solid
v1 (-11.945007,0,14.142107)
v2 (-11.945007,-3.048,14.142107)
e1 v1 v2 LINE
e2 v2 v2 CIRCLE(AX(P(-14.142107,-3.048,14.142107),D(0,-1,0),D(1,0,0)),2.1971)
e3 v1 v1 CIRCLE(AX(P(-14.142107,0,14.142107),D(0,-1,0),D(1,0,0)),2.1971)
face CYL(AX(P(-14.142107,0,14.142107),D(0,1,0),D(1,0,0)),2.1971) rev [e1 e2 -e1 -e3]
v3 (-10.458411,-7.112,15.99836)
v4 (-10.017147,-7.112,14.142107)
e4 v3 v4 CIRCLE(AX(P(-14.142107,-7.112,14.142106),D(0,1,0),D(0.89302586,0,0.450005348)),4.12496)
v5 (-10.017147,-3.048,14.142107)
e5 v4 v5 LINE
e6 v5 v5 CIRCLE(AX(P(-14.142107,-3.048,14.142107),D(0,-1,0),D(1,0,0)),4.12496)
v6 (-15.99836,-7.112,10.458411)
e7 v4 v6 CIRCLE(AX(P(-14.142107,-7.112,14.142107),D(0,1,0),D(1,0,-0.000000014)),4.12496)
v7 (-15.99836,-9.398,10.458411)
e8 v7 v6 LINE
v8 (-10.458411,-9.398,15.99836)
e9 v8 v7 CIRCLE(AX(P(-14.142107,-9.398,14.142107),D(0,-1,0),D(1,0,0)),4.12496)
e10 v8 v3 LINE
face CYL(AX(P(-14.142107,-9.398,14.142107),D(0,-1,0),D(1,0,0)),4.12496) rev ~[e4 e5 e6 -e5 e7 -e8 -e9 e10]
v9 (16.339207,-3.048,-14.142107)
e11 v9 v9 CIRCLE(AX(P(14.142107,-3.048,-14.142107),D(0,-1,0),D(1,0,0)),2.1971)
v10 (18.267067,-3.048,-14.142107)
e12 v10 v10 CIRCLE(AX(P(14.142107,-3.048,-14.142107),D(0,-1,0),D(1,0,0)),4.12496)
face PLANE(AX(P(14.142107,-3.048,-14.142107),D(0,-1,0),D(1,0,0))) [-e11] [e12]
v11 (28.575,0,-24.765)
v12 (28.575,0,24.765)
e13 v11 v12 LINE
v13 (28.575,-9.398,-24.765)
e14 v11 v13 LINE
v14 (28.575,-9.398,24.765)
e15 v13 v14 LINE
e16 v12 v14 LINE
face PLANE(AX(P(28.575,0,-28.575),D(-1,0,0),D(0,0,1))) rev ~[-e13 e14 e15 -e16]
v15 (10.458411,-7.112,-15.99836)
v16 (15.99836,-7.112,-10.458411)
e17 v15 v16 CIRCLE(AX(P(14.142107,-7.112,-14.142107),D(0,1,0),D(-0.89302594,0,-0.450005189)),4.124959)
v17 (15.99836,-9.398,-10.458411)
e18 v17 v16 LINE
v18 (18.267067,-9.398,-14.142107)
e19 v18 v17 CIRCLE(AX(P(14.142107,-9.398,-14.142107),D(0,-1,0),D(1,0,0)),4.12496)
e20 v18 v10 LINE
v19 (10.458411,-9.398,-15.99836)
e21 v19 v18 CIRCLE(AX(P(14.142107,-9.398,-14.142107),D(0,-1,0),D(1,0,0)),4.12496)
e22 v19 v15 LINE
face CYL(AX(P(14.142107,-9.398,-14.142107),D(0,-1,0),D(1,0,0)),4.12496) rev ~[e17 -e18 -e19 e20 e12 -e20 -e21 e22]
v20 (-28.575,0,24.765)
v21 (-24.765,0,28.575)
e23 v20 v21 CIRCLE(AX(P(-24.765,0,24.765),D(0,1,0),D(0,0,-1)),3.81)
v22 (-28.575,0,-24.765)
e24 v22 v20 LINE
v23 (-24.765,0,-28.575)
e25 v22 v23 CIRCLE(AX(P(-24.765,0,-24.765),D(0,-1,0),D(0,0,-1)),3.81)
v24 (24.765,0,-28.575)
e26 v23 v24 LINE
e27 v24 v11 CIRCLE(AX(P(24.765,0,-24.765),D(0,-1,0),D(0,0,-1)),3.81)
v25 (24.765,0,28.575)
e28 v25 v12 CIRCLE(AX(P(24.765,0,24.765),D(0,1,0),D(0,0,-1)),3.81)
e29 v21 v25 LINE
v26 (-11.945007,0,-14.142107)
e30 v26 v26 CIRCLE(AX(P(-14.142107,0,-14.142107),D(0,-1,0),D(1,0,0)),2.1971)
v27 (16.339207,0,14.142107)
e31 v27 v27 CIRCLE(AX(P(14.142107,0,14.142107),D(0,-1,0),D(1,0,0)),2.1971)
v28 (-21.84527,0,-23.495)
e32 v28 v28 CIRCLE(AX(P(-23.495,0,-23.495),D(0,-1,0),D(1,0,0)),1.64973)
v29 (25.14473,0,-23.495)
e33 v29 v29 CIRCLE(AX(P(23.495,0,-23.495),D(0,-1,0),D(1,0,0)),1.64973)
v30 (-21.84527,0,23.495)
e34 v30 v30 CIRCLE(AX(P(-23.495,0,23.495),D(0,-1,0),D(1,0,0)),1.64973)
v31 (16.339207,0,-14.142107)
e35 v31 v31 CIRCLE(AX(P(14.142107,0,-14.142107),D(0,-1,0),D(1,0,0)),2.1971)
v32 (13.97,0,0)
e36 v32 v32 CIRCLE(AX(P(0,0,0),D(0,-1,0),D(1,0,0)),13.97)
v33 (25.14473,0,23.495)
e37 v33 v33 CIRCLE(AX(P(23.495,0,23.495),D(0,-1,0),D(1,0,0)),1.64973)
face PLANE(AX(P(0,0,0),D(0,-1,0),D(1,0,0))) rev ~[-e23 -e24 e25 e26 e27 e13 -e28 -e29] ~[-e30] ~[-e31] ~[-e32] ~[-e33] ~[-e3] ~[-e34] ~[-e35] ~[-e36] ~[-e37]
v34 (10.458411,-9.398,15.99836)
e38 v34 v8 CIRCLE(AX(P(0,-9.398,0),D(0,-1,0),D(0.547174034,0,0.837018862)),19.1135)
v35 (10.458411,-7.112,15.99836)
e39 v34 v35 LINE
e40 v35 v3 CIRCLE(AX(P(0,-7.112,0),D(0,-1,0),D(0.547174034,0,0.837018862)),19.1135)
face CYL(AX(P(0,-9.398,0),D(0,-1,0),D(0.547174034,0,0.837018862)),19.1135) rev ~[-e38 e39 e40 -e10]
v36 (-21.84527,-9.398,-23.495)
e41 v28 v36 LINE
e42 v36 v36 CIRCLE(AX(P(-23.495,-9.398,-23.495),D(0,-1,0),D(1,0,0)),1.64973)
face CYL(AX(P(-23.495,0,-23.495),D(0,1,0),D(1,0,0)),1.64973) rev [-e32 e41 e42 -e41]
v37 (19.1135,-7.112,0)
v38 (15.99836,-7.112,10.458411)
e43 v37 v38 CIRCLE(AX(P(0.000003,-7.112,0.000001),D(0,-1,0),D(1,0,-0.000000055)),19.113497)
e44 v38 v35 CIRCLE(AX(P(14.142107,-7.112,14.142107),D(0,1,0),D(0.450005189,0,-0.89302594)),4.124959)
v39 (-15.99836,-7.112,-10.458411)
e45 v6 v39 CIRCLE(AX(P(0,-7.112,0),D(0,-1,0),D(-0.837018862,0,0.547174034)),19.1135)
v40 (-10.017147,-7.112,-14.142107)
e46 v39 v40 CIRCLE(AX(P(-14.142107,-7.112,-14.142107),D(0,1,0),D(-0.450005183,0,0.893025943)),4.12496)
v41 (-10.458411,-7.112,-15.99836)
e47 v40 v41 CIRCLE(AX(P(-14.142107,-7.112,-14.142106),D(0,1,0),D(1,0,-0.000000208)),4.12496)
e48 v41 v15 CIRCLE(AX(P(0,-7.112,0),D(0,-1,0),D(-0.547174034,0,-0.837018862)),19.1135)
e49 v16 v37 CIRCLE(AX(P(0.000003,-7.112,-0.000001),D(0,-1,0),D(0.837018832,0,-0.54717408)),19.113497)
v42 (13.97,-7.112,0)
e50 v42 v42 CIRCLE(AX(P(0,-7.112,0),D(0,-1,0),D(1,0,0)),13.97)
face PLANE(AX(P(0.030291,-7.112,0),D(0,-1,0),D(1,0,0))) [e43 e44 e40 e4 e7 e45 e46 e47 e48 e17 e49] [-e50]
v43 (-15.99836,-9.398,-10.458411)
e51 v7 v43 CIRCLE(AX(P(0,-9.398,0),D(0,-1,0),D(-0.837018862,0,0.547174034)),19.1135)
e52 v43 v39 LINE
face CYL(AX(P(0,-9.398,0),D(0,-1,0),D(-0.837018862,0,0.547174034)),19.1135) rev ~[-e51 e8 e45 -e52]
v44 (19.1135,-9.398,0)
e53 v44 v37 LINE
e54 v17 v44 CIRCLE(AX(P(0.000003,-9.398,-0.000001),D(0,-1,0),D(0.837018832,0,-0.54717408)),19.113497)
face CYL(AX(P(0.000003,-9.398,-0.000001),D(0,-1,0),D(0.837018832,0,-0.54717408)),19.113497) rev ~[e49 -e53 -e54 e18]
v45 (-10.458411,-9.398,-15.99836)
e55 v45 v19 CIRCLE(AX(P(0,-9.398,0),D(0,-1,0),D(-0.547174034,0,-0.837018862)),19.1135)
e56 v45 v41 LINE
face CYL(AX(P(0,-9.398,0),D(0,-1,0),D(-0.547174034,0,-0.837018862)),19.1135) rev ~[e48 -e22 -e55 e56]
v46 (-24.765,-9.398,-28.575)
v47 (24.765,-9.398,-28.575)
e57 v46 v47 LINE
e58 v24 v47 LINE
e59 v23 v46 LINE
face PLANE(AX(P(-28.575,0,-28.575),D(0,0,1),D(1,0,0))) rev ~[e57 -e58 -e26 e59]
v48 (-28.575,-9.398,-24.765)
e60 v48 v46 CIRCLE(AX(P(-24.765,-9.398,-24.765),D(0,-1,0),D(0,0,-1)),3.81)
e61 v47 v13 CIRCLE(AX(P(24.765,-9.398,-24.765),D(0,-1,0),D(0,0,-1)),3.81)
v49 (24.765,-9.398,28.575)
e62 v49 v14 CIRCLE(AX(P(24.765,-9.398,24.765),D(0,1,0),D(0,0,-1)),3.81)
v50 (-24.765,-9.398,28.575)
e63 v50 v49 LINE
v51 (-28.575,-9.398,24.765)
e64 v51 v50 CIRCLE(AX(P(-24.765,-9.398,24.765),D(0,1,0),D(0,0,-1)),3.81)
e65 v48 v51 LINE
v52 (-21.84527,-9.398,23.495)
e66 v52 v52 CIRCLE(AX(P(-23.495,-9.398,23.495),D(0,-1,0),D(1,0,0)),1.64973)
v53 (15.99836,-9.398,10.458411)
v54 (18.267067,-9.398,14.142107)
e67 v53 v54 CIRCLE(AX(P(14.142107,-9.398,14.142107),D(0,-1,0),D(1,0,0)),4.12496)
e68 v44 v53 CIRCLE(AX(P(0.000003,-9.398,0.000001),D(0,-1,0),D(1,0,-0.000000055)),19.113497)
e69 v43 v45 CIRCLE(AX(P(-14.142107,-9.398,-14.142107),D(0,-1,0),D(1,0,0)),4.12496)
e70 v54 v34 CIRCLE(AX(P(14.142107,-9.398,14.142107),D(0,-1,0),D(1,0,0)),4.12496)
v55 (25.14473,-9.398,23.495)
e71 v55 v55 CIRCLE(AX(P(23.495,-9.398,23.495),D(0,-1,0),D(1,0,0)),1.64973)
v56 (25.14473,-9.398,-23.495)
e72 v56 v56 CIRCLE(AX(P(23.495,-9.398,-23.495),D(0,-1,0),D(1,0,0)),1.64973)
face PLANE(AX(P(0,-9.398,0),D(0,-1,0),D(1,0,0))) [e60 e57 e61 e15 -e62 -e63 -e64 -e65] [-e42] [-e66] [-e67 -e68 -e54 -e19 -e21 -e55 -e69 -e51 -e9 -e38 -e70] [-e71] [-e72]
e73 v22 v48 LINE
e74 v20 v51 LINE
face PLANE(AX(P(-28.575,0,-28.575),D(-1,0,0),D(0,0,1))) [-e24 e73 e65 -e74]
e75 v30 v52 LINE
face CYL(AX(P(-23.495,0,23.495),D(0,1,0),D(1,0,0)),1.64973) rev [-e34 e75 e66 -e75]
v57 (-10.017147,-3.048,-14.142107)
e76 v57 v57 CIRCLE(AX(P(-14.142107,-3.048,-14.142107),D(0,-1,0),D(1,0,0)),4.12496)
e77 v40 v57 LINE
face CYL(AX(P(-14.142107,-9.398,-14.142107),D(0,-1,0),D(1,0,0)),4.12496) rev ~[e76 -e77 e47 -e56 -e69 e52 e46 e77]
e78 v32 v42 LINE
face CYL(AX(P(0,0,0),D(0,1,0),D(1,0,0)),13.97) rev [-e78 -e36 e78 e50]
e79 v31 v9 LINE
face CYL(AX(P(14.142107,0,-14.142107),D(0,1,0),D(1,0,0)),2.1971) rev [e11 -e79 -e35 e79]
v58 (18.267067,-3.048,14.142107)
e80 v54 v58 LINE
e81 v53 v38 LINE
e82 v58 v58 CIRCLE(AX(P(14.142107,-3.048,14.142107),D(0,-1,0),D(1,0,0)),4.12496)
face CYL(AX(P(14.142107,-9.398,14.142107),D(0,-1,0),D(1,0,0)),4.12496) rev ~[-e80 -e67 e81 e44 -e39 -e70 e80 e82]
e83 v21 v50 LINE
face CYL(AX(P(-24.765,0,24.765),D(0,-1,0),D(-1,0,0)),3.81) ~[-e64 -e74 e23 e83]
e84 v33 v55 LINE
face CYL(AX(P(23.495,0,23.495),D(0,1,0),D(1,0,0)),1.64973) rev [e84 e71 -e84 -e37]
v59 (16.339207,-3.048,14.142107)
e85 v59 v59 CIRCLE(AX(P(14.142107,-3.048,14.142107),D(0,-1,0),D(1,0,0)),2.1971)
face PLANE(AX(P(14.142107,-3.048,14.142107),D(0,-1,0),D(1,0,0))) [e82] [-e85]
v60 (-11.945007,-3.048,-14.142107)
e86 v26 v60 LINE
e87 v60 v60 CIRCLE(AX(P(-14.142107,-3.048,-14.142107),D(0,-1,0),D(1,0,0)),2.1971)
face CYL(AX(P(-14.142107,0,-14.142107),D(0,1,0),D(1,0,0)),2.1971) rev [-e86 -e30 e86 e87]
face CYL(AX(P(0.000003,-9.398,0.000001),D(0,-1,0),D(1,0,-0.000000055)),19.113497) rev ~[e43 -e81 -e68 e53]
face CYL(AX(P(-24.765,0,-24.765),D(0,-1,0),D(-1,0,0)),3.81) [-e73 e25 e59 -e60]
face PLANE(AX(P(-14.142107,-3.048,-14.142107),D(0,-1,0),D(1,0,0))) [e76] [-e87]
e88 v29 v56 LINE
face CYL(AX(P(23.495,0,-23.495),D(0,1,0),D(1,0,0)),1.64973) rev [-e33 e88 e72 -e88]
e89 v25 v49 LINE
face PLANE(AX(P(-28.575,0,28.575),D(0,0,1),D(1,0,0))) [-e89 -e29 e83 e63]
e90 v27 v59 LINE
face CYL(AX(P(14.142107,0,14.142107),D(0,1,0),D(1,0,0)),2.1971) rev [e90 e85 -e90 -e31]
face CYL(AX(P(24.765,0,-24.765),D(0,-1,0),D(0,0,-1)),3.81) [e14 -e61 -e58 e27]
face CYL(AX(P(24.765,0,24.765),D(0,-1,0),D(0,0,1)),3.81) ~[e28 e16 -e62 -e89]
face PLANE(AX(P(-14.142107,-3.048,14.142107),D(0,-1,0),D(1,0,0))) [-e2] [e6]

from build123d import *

# Parameters (mm, degrees)
F0_W     = 57.15
F0_H     = 57.15
F0_R     = 1.64973
F0_R_2   = 2.1971
F0_R_3   = 13.97
F1_DEPTH = 9.398
F2_R     = 4.12496
F2_R_2   = 2.1971
F3_DEPTH = 6.35
F4_R     = 13.97
F5_DEPTH = 2.286
F6_R     = 3.81


with BuildPart() as f1:
    # F0 (on Front) → F1 (new body)
    with BuildSketch(Plane.XZ):
        Rectangle(F0_W, F0_H)
        with Locations((-23.495, -23.495)):
            Circle(F0_R, mode=Mode.SUBTRACT)
        with Locations((-14.142107, -14.142107)):
            Circle(F0_R_2, mode=Mode.SUBTRACT)
        with Locations((23.495, -23.495)):
            Circle(F0_R, mode=Mode.SUBTRACT)
        with Locations((14.142107, -14.142107)):
            Circle(F0_R_2, mode=Mode.SUBTRACT)
        with Locations((-14.142107, 14.142107)):
            Circle(F0_R_2, mode=Mode.SUBTRACT)
        with Locations((-23.495, 23.495)):
            Circle(F0_R, mode=Mode.SUBTRACT)
        Circle(F0_R_3, mode=Mode.SUBTRACT)
        with Locations((14.142107, 14.142107)):
            Circle(F0_R_2, mode=Mode.SUBTRACT)
        with Locations((23.495, 23.495)):
            Circle(F0_R, mode=Mode.SUBTRACT)
    extrude(amount=F1_DEPTH)

    # F2 (on face) → F3 (cut)
    with BuildSketch(Plane.XZ.offset(9.398)):
        with Locations((-14.142107, 14.142107)):
            Circle(F2_R)
        with Locations((-14.142107, 14.142107)):
            Circle(F2_R_2, mode=Mode.SUBTRACT)
        with Locations((14.142107, 14.142107)):
            Circle(F2_R)
        with Locations((14.142107, 14.142107)):
            Circle(F2_R_2, mode=Mode.SUBTRACT)
        with Locations((14.142107, -14.142107)):
            Circle(F2_R)
        with Locations((14.142107, -14.142107)):
            Circle(F2_R_2, mode=Mode.SUBTRACT)
        with Locations((-14.142107, -14.142107)):
            Circle(F2_R)
        with Locations((-14.142107, -14.142107)):
            Circle(F2_R_2, mode=Mode.SUBTRACT)
    extrude(amount=-F3_DEPTH, mode=Mode.SUBTRACT)

    # F4 (on face) → F5 (cut)
    with BuildSketch(Plane.XZ.offset(9.398)):
        with BuildLine():
            ThreePointArc((15.99836, -10.458411), (18.318168, -5.456245), (19.1135, 0))
            ThreePointArc((19.1135, 0), (18.318168, 5.456245), (15.99836, 10.458411))
            ThreePointArc((15.99836, 10.458411), (11.22532, 11.22532), (10.458411, 15.99836))
            ThreePointArc((10.458411, 15.99836), (0, 19.1135), (-10.458411, 15.99836))
            ThreePointArc((-10.458411, 15.99836), (-10.128979, 15.096097), (-10.017147, 14.142107))
            ThreePointArc((-10.017147, 14.142107), (-11.97897, 10.629824), (-15.99836, 10.458411))
            ThreePointArc((-15.99836, 10.458411), (-19.1135, 0), (-15.99836, -10.458411))
            ThreePointArc((-15.99836, -10.458411), (-11.97897, -10.629824), (-10.017147, -14.142107))
            ThreePointArc((-10.017147, -14.142107), (-10.128979, -15.096097), (-10.458411, -15.99836))
            ThreePointArc((-10.458411, -15.99836), (0, -19.1135), (10.458411, -15.99836))
            ThreePointArc((10.458411, -15.99836), (11.22532, -11.22532), (15.99836, -10.458411))
        make_face()
        Circle(F4_R, mode=Mode.SUBTRACT)
    extrude(amount=-F5_DEPTH, mode=Mode.SUBTRACT)

    # F6
    f6_edges = [f1.edges().sort_by_distance(p)[0] for p in [
        (-28.575, -4.699, 28.575),
        (28.575, -4.699, 28.575),
        (28.575, -4.699, -28.575),
        (-28.575, -4.699, -28.575),
    ]]
    fillet(f6_edges, radius=F6_R)


solid = f1.part
